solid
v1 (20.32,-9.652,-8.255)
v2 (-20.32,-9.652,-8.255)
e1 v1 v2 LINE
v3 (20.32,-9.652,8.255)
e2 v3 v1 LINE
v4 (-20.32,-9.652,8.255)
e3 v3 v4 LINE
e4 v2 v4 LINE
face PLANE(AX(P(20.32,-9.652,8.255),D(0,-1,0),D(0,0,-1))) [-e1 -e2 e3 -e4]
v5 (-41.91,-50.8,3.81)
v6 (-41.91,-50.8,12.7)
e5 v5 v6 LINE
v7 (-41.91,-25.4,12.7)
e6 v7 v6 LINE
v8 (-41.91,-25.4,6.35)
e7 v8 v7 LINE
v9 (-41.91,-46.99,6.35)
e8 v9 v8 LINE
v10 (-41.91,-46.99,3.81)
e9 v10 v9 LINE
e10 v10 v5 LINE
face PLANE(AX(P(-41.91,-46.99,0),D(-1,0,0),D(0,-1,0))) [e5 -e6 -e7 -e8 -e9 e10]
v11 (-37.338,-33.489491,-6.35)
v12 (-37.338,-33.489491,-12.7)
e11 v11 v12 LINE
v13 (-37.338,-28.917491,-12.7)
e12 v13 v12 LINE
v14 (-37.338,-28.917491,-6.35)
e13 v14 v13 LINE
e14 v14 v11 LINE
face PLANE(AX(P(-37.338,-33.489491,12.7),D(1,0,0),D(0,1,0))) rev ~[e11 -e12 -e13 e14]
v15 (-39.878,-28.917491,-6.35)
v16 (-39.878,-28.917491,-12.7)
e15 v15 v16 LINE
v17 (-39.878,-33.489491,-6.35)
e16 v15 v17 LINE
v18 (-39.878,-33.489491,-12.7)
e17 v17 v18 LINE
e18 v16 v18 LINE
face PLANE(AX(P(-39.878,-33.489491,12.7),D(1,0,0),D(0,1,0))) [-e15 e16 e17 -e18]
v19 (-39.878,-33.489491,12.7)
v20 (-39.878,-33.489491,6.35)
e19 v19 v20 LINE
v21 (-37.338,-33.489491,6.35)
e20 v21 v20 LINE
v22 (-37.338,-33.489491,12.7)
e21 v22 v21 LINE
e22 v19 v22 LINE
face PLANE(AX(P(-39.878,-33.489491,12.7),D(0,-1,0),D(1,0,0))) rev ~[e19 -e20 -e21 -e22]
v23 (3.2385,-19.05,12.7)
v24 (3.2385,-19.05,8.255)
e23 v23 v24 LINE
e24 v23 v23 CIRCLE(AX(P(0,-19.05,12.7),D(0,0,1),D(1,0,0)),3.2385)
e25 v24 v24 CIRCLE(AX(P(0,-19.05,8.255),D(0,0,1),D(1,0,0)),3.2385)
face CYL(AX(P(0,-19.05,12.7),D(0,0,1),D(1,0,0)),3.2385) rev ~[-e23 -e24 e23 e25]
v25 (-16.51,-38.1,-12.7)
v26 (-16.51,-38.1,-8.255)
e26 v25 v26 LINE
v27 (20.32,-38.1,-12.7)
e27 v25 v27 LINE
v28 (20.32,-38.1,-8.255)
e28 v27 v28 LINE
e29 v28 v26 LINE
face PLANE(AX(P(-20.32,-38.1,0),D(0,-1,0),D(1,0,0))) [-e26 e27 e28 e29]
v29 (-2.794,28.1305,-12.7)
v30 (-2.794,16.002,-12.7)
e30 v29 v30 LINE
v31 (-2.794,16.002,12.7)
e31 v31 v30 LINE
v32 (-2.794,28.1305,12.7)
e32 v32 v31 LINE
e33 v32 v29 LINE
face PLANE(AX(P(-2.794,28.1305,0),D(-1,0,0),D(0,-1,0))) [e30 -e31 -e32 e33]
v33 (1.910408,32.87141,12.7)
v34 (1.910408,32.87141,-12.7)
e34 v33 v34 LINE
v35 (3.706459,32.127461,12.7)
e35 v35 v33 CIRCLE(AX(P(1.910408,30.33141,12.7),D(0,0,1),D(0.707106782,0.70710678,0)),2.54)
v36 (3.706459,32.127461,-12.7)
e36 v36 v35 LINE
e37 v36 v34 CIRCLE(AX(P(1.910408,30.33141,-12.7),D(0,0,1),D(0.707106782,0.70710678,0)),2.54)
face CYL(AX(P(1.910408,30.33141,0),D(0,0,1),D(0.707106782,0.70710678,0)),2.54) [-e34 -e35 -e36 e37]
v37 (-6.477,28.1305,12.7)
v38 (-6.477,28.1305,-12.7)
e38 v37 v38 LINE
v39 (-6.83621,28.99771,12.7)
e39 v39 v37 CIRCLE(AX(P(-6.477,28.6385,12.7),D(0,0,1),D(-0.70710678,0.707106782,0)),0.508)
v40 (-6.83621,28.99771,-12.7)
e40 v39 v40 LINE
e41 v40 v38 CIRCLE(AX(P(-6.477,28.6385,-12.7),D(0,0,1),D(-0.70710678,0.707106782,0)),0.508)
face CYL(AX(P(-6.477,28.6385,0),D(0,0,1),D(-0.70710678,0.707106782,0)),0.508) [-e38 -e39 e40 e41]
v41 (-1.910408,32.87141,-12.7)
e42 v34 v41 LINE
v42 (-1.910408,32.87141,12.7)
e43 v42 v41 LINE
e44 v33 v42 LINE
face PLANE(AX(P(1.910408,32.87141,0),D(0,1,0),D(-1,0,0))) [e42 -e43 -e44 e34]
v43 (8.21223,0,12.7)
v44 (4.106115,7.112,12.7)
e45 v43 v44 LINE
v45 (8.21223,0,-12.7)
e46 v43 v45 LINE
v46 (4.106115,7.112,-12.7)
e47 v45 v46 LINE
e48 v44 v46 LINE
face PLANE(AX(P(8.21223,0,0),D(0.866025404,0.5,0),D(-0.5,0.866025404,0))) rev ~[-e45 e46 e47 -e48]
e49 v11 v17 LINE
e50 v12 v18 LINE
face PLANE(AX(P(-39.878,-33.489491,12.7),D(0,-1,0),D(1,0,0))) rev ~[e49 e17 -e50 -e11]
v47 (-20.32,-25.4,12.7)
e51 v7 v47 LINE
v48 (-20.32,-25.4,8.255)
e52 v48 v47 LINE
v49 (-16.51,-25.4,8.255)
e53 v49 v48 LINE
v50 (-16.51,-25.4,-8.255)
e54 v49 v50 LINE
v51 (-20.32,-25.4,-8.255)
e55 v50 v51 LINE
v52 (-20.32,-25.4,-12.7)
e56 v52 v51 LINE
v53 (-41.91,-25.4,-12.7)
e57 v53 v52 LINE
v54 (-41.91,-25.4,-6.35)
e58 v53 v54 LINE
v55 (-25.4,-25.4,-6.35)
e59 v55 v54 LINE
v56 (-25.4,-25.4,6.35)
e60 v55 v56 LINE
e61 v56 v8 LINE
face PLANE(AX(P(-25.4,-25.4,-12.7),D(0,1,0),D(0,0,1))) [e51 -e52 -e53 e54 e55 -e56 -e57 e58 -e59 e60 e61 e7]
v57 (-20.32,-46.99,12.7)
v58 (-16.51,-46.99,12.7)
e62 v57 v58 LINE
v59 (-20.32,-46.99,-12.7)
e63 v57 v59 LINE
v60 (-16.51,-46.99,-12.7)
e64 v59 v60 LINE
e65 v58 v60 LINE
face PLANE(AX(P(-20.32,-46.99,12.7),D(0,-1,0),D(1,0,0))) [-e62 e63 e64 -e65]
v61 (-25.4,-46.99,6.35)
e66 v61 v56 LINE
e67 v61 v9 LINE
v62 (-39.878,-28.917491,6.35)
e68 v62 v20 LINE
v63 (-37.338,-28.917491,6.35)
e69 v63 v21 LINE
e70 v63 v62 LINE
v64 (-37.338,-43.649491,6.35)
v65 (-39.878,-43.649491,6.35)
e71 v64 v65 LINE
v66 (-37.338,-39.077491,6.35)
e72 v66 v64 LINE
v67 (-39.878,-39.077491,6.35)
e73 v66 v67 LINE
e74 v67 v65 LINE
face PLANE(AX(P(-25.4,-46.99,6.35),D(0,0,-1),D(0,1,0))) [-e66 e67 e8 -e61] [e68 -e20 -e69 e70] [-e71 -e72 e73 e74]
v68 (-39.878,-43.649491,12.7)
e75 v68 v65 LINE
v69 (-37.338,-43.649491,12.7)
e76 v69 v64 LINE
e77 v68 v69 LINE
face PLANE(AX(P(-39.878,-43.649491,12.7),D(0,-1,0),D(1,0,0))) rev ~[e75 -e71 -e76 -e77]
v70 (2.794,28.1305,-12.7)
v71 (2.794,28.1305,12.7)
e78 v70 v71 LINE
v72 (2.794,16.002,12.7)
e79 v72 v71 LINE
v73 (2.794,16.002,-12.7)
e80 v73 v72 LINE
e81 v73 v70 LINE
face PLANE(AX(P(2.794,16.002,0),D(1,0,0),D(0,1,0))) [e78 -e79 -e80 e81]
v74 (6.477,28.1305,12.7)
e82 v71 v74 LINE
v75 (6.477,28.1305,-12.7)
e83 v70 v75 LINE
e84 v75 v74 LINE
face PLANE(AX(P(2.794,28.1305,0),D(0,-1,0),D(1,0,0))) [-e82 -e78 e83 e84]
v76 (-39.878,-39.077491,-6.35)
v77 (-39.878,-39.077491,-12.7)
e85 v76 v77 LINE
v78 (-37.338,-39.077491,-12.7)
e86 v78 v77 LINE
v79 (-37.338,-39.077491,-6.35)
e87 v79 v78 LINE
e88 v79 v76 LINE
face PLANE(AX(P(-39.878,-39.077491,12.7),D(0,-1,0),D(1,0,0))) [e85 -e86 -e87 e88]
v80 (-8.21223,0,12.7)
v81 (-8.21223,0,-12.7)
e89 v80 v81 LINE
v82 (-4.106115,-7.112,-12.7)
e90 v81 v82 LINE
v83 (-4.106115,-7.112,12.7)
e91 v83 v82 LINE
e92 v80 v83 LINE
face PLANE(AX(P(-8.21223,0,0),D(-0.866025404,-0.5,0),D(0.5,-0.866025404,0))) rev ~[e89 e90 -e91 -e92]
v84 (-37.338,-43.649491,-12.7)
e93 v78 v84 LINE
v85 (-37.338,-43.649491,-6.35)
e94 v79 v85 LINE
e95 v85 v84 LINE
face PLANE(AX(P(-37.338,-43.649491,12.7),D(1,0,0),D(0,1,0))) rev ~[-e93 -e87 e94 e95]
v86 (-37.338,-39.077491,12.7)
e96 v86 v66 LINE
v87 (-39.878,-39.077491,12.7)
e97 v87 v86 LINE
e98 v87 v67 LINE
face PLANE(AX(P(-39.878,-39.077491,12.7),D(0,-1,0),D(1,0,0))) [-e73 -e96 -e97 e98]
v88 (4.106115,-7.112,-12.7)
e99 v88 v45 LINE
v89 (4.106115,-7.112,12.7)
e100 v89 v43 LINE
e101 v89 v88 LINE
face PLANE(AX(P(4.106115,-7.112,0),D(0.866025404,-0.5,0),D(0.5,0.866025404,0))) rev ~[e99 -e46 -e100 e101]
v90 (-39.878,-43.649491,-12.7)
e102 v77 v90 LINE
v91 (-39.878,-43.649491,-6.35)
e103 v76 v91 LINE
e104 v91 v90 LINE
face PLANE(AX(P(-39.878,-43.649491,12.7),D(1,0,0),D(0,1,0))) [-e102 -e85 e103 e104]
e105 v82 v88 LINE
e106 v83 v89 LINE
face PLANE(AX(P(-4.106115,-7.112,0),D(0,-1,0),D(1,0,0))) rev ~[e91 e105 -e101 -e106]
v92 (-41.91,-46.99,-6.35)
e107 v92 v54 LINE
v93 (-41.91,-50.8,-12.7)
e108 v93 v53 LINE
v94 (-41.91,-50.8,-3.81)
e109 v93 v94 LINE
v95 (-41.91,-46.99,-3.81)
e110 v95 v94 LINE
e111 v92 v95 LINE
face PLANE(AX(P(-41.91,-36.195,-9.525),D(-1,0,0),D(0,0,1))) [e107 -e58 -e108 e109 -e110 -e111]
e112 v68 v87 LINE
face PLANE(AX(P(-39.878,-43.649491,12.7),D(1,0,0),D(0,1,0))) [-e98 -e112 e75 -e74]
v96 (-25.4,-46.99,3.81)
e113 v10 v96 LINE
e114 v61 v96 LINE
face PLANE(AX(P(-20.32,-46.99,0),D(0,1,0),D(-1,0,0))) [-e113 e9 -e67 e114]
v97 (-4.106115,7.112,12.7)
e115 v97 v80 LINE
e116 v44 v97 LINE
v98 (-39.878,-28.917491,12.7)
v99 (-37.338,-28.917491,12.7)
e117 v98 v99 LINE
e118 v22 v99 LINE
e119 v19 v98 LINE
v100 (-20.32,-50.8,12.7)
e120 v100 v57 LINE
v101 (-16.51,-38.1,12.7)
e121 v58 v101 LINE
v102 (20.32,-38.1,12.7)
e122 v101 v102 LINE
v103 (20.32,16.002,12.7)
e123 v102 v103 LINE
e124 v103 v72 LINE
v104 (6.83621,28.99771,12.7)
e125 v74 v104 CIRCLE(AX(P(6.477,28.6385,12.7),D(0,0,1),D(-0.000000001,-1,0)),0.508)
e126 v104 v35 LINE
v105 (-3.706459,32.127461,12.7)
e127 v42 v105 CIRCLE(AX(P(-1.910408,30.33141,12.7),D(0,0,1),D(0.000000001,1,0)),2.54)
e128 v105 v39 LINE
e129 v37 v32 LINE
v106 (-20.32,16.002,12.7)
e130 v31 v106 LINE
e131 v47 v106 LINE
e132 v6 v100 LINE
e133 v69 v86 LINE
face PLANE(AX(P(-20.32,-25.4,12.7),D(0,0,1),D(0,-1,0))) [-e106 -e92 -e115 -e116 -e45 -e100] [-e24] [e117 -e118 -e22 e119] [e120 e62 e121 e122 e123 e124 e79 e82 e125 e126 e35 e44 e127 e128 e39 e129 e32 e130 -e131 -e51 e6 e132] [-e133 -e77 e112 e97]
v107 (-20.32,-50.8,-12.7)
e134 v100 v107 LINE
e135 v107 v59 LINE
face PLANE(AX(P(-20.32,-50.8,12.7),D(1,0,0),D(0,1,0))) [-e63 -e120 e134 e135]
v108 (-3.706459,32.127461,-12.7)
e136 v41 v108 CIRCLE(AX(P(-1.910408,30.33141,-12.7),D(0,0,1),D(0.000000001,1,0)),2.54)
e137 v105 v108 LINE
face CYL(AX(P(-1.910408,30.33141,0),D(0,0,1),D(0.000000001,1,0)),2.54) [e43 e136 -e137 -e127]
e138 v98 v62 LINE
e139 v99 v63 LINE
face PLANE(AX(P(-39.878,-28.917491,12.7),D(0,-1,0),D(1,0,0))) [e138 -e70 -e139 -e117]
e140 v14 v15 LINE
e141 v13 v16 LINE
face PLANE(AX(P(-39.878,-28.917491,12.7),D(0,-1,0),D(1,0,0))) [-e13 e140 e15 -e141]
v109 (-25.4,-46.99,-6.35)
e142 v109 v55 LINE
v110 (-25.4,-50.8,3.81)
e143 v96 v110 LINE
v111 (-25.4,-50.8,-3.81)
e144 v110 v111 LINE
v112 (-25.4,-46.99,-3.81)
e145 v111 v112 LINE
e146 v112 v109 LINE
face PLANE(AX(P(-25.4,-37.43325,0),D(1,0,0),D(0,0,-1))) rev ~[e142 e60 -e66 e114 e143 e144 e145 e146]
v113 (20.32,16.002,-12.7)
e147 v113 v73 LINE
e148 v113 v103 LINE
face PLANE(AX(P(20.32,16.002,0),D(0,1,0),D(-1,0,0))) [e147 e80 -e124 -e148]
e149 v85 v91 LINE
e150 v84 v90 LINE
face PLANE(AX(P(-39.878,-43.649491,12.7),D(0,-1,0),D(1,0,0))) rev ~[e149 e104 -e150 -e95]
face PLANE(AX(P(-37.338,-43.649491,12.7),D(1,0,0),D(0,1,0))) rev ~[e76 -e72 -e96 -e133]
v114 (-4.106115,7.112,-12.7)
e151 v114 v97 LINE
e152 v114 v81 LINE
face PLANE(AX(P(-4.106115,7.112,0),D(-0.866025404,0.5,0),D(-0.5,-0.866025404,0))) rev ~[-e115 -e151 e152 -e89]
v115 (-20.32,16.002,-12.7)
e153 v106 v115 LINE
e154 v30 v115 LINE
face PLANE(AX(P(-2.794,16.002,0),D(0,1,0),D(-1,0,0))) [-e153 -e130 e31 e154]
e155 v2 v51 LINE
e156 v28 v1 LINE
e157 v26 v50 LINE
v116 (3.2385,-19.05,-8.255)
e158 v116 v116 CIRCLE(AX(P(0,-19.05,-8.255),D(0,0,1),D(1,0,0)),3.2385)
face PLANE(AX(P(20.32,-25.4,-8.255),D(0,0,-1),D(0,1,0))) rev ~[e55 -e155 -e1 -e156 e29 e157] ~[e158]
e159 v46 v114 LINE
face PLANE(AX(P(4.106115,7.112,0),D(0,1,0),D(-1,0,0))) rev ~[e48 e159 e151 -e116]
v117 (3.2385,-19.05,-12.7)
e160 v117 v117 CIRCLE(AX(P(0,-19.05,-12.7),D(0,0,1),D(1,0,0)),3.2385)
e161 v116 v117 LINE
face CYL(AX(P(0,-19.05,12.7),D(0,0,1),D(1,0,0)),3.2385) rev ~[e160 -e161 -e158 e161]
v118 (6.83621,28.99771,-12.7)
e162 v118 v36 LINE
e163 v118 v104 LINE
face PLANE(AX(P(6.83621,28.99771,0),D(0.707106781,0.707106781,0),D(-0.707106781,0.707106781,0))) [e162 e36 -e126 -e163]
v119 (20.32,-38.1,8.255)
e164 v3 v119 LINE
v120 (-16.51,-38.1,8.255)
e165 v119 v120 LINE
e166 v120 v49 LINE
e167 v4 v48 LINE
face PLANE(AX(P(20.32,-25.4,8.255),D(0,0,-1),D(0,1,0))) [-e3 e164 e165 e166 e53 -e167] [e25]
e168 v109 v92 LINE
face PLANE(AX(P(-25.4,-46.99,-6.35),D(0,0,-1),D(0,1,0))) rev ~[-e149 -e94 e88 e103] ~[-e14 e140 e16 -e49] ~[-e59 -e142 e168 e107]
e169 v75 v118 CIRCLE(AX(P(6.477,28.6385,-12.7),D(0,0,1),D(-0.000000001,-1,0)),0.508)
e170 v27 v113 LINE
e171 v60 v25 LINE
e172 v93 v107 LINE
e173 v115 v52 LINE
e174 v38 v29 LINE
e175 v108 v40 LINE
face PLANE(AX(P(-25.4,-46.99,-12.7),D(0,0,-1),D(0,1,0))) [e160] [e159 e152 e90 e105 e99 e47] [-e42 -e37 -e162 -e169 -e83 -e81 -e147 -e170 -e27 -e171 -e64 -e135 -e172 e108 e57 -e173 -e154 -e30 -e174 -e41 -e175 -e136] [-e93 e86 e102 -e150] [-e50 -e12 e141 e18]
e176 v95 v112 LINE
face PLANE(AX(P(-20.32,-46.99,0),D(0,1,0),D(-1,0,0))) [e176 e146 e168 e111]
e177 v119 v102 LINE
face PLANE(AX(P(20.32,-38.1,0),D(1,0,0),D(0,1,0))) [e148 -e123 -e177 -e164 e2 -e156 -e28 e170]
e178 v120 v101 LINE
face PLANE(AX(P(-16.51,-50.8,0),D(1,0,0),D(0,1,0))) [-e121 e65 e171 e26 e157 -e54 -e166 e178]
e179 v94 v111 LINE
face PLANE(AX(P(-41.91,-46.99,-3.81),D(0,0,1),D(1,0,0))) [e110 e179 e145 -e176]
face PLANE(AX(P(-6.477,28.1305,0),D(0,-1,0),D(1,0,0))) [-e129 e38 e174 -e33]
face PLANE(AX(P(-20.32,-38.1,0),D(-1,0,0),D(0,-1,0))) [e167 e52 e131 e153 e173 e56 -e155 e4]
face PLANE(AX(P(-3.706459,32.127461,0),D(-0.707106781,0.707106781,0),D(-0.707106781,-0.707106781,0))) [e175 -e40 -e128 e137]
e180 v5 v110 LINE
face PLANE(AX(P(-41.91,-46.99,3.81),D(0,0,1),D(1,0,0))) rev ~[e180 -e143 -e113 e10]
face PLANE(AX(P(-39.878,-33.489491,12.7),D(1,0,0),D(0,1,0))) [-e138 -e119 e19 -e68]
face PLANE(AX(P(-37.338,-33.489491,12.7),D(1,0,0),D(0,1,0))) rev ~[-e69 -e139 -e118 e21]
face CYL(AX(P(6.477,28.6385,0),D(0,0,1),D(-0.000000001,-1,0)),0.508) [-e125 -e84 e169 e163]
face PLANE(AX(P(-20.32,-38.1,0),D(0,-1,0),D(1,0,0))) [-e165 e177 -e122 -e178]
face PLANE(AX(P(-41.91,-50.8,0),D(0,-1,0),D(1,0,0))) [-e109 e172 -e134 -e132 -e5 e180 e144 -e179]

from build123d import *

# Parameters (mm, degrees)
BOSS_EXTRUDE1_DEPTH             = 12.7
BOSS_EXTRUDE4_REACH             = 14.7
BOSS_EXTRUDE4_DIRECTION_2_REACH = 14.7
SKETCH6_W                       = 16.51
SKETCH6_H                       = 15.748
CUT_EXTRUDE2_DEPTH              = 63.23
SKETCH11_W                      = 21.59
SKETCH11_H                      = 7.62
CUT_EXTRUDE3_DEPTH              = 3.81
SKETCH15_R                      = 3.2385
CUT_EXTRUDE4_DEPTH              = 25.4
SKETCH16_W                      = 16.51
SKETCH16_H                      = 12.7
CUT_EXTRUDE5_DEPTH              = 36.83
BOSS_EXTRUDE5_DEPTH             = 5.08
SKETCH18_W                      = 6.35
SKETCH18_H                      = 21.59
BOSS_EXTRUDE6_DEPTH             = 16.51
SKETCH22_W                      = 3.81
SKETCH22_H                      = 3.81
CUT_EXTRUDE6_DEPTH              = 25.4
SKETCH23_W                      = 2.54
SKETCH23_H                      = 4.572
CUT_EXTRUDE7_DEPTH              = 26.4


with BuildPart() as part:
    # Sketch1 → Boss-Extrude1 (new body, symmetric)
    with BuildSketch(Plane.XY):
        with BuildLine():
            Line((-20.32, 16.002), (-20.32, -38.1))
            Line((-20.32, -38.1), (20.32, -38.1))
            Line((20.32, -38.1), (20.32, 16.002))
            Line((20.32, 16.002), (2.794, 16.002))
            Line((2.794, 16.002), (2.794, 28.1305))
            Line((2.794, 28.1305), (6.477, 28.1305))
            ThreePointArc((6.477, 28.1305), (6.946330803, 28.444096816), (6.836210245, 28.997710245))
            Line((6.836210245, 28.997710245), (3.706459265, 32.127461224))
            ThreePointArc((3.706459265, 32.127461224), (2.882423959, 32.678064013), (1.910408041, 32.87141))
            Line((1.910408041, 32.87141), (-1.910408041, 32.87141))
            ThreePointArc((-1.910408041, 32.87141), (-2.882423959, 32.678064013), (-3.706459265, 32.127461224))
            Line((-3.706459265, 32.127461224), (-6.836210245, 28.997710245))
            ThreePointArc((-6.836210245, 28.997710245), (-6.946330803, 28.444096816), (-6.477, 28.1305))
            Line((-6.477, 28.1305), (-2.794, 28.1305))
            Line((-2.794, 28.1305), (-2.794, 16.002))
            Line((-2.794, 16.002), (-20.32, 16.002))
        make_face()
        Polygon((-4.106115114, 7.112), (-8.212230229, 0), (-4.106115114, -7.112), (4.106115114, -7.112), (8.212230229, 0), (4.106115114, 7.112), align=None, mode=Mode.SUBTRACT)
    extrude(amount=BOSS_EXTRUDE1_DEPTH, both=True)

    # Boss-Extrude4: up to this face of the body (flat: up to its plane)
    boss_extrude4_end = Plane(part.part.faces().sort_by_distance((0, -9.949298675, 12.7))[0])
    # Sketch10 → Boss-Extrude4 (add, up to the picked face)
    with BuildSketch(Plane.XY, mode=Mode.PRIVATE) as boss_extrude4_sk1:
        Polygon((-20.32, -38.1), (-20.32, -46.99), (-41.91, -46.99), (-41.91, -50.8), (-16.51, -50.8), (-16.51, -38.1), align=None)
    boss_extrude4_tool1 = split(extrude(boss_extrude4_sk1.sketch, amount=BOSS_EXTRUDE4_REACH, mode=Mode.PRIVATE), bisect_by=boss_extrude4_end, keep=Keep.BOTH, mode=Mode.PRIVATE)
    add(boss_extrude4_tool1.solids().sort_by_distance((-26.411296, -47.248704, 0))[0])

    # Boss-Extrude4 direction 2: up to this face of the body (flat: up to its plane)
    boss_extrude4_direction_2_end = Plane(part.part.faces().sort_by_distance((0, -9.949298675, -12.7))[0])
    # Sketch10 → Boss-Extrude4 direction 2 (add, up to the picked face)
    with BuildSketch(Plane.XY, mode=Mode.PRIVATE) as boss_extrude4_direction_2_sk1:
        Polygon((-20.32, -38.1), (-20.32, -46.99), (-41.91, -46.99), (-41.91, -50.8), (-16.51, -50.8), (-16.51, -38.1), align=None)
    boss_extrude4_direction_2_tool1 = split(extrude(boss_extrude4_direction_2_sk1.sketch, amount=-BOSS_EXTRUDE4_DIRECTION_2_REACH, mode=Mode.PRIVATE), bisect_by=boss_extrude4_direction_2_end, keep=Keep.BOTH, mode=Mode.PRIVATE)
    add(boss_extrude4_direction_2_tool1.solids().sort_by_distance((-26.411296, -47.248704, 0))[0])

    # Sketch6 → Cut-Extrude2 (cut, through all)
    with BuildSketch(Plane(origin=(20.32, 0, 0), x_dir=(0, 0, -1), z_dir=(1, 0, 0))):
        with Locations((0, -17.526)):
            Rectangle(SKETCH6_W, SKETCH6_H)
    extrude(amount=-CUT_EXTRUDE2_DEPTH, mode=Mode.SUBTRACT)

    # Sketch11 → Cut-Extrude3 (cut)
    with BuildSketch(Plane(origin=(0, -46.99, 0), x_dir=(1, 0, 0), z_dir=(0, 1, 0))):
        with Locations((-31.115, 0)):
            Rectangle(SKETCH11_W, SKETCH11_H)
    extrude(amount=-CUT_EXTRUDE3_DEPTH, mode=Mode.SUBTRACT)

    # Sketch15 → Cut-Extrude4 (cut)
    with BuildSketch(Plane.XY.offset(12.7)):
        with Locations((0, -19.05)):
            Circle(SKETCH15_R)
    extrude(amount=-CUT_EXTRUDE4_DEPTH, mode=Mode.SUBTRACT)

    # Sketch16 → Cut-Extrude5 (cut)
    with BuildSketch(Plane(origin=(20.32, 0, 0), x_dir=(0, 0, -1), z_dir=(1, 0, 0))):
        with Locations((0, -31.75)):
            Rectangle(SKETCH16_W, SKETCH16_H)
    extrude(amount=-CUT_EXTRUDE5_DEPTH, mode=Mode.SUBTRACT)

    # Sketch17 → Boss-Extrude5 (add)
    with BuildSketch(Plane.ZY.offset(20.32)):
        Polygon((12.7, -25.4), (12.7, -46.99), (3.81, -46.99), (3.81, -50.8), (-3.81, -50.8), (-3.81, -46.99), (-12.7, -46.99), (-12.7, -25.4), align=None)
    extrude(amount=BOSS_EXTRUDE5_DEPTH)

    # Sketch18 → Boss-Extrude6 (add)
    with BuildSketch(Plane.ZY.offset(25.4)):
        with Locations((-9.525, -36.195)):
            Rectangle(SKETCH18_W, SKETCH18_H)
        with Locations((9.525, -36.195)):
            Rectangle(SKETCH18_W, SKETCH18_H)
    extrude(amount=BOSS_EXTRUDE6_DEPTH)

    # Sketch22 → Cut-Extrude6 (cut)
    with BuildSketch(Plane.XY.offset(12.7)):
        with Locations((-18.415, -48.895)):
            Rectangle(SKETCH22_W, SKETCH22_H)
    extrude(amount=-CUT_EXTRUDE6_DEPTH, mode=Mode.SUBTRACT)

    # Sketch23 → Cut-Extrude7 (cut, through all)
    with BuildSketch(Plane.XY.offset(12.7)):
        with Locations((-38.608, -31.203491357)):
            Rectangle(SKETCH23_W, SKETCH23_H)
        with Locations((-38.608, -41.363491357)):
            Rectangle(SKETCH23_W, SKETCH23_H)
    extrude(amount=-CUT_EXTRUDE7_DEPTH, mode=Mode.SUBTRACT)


solid = part.part
